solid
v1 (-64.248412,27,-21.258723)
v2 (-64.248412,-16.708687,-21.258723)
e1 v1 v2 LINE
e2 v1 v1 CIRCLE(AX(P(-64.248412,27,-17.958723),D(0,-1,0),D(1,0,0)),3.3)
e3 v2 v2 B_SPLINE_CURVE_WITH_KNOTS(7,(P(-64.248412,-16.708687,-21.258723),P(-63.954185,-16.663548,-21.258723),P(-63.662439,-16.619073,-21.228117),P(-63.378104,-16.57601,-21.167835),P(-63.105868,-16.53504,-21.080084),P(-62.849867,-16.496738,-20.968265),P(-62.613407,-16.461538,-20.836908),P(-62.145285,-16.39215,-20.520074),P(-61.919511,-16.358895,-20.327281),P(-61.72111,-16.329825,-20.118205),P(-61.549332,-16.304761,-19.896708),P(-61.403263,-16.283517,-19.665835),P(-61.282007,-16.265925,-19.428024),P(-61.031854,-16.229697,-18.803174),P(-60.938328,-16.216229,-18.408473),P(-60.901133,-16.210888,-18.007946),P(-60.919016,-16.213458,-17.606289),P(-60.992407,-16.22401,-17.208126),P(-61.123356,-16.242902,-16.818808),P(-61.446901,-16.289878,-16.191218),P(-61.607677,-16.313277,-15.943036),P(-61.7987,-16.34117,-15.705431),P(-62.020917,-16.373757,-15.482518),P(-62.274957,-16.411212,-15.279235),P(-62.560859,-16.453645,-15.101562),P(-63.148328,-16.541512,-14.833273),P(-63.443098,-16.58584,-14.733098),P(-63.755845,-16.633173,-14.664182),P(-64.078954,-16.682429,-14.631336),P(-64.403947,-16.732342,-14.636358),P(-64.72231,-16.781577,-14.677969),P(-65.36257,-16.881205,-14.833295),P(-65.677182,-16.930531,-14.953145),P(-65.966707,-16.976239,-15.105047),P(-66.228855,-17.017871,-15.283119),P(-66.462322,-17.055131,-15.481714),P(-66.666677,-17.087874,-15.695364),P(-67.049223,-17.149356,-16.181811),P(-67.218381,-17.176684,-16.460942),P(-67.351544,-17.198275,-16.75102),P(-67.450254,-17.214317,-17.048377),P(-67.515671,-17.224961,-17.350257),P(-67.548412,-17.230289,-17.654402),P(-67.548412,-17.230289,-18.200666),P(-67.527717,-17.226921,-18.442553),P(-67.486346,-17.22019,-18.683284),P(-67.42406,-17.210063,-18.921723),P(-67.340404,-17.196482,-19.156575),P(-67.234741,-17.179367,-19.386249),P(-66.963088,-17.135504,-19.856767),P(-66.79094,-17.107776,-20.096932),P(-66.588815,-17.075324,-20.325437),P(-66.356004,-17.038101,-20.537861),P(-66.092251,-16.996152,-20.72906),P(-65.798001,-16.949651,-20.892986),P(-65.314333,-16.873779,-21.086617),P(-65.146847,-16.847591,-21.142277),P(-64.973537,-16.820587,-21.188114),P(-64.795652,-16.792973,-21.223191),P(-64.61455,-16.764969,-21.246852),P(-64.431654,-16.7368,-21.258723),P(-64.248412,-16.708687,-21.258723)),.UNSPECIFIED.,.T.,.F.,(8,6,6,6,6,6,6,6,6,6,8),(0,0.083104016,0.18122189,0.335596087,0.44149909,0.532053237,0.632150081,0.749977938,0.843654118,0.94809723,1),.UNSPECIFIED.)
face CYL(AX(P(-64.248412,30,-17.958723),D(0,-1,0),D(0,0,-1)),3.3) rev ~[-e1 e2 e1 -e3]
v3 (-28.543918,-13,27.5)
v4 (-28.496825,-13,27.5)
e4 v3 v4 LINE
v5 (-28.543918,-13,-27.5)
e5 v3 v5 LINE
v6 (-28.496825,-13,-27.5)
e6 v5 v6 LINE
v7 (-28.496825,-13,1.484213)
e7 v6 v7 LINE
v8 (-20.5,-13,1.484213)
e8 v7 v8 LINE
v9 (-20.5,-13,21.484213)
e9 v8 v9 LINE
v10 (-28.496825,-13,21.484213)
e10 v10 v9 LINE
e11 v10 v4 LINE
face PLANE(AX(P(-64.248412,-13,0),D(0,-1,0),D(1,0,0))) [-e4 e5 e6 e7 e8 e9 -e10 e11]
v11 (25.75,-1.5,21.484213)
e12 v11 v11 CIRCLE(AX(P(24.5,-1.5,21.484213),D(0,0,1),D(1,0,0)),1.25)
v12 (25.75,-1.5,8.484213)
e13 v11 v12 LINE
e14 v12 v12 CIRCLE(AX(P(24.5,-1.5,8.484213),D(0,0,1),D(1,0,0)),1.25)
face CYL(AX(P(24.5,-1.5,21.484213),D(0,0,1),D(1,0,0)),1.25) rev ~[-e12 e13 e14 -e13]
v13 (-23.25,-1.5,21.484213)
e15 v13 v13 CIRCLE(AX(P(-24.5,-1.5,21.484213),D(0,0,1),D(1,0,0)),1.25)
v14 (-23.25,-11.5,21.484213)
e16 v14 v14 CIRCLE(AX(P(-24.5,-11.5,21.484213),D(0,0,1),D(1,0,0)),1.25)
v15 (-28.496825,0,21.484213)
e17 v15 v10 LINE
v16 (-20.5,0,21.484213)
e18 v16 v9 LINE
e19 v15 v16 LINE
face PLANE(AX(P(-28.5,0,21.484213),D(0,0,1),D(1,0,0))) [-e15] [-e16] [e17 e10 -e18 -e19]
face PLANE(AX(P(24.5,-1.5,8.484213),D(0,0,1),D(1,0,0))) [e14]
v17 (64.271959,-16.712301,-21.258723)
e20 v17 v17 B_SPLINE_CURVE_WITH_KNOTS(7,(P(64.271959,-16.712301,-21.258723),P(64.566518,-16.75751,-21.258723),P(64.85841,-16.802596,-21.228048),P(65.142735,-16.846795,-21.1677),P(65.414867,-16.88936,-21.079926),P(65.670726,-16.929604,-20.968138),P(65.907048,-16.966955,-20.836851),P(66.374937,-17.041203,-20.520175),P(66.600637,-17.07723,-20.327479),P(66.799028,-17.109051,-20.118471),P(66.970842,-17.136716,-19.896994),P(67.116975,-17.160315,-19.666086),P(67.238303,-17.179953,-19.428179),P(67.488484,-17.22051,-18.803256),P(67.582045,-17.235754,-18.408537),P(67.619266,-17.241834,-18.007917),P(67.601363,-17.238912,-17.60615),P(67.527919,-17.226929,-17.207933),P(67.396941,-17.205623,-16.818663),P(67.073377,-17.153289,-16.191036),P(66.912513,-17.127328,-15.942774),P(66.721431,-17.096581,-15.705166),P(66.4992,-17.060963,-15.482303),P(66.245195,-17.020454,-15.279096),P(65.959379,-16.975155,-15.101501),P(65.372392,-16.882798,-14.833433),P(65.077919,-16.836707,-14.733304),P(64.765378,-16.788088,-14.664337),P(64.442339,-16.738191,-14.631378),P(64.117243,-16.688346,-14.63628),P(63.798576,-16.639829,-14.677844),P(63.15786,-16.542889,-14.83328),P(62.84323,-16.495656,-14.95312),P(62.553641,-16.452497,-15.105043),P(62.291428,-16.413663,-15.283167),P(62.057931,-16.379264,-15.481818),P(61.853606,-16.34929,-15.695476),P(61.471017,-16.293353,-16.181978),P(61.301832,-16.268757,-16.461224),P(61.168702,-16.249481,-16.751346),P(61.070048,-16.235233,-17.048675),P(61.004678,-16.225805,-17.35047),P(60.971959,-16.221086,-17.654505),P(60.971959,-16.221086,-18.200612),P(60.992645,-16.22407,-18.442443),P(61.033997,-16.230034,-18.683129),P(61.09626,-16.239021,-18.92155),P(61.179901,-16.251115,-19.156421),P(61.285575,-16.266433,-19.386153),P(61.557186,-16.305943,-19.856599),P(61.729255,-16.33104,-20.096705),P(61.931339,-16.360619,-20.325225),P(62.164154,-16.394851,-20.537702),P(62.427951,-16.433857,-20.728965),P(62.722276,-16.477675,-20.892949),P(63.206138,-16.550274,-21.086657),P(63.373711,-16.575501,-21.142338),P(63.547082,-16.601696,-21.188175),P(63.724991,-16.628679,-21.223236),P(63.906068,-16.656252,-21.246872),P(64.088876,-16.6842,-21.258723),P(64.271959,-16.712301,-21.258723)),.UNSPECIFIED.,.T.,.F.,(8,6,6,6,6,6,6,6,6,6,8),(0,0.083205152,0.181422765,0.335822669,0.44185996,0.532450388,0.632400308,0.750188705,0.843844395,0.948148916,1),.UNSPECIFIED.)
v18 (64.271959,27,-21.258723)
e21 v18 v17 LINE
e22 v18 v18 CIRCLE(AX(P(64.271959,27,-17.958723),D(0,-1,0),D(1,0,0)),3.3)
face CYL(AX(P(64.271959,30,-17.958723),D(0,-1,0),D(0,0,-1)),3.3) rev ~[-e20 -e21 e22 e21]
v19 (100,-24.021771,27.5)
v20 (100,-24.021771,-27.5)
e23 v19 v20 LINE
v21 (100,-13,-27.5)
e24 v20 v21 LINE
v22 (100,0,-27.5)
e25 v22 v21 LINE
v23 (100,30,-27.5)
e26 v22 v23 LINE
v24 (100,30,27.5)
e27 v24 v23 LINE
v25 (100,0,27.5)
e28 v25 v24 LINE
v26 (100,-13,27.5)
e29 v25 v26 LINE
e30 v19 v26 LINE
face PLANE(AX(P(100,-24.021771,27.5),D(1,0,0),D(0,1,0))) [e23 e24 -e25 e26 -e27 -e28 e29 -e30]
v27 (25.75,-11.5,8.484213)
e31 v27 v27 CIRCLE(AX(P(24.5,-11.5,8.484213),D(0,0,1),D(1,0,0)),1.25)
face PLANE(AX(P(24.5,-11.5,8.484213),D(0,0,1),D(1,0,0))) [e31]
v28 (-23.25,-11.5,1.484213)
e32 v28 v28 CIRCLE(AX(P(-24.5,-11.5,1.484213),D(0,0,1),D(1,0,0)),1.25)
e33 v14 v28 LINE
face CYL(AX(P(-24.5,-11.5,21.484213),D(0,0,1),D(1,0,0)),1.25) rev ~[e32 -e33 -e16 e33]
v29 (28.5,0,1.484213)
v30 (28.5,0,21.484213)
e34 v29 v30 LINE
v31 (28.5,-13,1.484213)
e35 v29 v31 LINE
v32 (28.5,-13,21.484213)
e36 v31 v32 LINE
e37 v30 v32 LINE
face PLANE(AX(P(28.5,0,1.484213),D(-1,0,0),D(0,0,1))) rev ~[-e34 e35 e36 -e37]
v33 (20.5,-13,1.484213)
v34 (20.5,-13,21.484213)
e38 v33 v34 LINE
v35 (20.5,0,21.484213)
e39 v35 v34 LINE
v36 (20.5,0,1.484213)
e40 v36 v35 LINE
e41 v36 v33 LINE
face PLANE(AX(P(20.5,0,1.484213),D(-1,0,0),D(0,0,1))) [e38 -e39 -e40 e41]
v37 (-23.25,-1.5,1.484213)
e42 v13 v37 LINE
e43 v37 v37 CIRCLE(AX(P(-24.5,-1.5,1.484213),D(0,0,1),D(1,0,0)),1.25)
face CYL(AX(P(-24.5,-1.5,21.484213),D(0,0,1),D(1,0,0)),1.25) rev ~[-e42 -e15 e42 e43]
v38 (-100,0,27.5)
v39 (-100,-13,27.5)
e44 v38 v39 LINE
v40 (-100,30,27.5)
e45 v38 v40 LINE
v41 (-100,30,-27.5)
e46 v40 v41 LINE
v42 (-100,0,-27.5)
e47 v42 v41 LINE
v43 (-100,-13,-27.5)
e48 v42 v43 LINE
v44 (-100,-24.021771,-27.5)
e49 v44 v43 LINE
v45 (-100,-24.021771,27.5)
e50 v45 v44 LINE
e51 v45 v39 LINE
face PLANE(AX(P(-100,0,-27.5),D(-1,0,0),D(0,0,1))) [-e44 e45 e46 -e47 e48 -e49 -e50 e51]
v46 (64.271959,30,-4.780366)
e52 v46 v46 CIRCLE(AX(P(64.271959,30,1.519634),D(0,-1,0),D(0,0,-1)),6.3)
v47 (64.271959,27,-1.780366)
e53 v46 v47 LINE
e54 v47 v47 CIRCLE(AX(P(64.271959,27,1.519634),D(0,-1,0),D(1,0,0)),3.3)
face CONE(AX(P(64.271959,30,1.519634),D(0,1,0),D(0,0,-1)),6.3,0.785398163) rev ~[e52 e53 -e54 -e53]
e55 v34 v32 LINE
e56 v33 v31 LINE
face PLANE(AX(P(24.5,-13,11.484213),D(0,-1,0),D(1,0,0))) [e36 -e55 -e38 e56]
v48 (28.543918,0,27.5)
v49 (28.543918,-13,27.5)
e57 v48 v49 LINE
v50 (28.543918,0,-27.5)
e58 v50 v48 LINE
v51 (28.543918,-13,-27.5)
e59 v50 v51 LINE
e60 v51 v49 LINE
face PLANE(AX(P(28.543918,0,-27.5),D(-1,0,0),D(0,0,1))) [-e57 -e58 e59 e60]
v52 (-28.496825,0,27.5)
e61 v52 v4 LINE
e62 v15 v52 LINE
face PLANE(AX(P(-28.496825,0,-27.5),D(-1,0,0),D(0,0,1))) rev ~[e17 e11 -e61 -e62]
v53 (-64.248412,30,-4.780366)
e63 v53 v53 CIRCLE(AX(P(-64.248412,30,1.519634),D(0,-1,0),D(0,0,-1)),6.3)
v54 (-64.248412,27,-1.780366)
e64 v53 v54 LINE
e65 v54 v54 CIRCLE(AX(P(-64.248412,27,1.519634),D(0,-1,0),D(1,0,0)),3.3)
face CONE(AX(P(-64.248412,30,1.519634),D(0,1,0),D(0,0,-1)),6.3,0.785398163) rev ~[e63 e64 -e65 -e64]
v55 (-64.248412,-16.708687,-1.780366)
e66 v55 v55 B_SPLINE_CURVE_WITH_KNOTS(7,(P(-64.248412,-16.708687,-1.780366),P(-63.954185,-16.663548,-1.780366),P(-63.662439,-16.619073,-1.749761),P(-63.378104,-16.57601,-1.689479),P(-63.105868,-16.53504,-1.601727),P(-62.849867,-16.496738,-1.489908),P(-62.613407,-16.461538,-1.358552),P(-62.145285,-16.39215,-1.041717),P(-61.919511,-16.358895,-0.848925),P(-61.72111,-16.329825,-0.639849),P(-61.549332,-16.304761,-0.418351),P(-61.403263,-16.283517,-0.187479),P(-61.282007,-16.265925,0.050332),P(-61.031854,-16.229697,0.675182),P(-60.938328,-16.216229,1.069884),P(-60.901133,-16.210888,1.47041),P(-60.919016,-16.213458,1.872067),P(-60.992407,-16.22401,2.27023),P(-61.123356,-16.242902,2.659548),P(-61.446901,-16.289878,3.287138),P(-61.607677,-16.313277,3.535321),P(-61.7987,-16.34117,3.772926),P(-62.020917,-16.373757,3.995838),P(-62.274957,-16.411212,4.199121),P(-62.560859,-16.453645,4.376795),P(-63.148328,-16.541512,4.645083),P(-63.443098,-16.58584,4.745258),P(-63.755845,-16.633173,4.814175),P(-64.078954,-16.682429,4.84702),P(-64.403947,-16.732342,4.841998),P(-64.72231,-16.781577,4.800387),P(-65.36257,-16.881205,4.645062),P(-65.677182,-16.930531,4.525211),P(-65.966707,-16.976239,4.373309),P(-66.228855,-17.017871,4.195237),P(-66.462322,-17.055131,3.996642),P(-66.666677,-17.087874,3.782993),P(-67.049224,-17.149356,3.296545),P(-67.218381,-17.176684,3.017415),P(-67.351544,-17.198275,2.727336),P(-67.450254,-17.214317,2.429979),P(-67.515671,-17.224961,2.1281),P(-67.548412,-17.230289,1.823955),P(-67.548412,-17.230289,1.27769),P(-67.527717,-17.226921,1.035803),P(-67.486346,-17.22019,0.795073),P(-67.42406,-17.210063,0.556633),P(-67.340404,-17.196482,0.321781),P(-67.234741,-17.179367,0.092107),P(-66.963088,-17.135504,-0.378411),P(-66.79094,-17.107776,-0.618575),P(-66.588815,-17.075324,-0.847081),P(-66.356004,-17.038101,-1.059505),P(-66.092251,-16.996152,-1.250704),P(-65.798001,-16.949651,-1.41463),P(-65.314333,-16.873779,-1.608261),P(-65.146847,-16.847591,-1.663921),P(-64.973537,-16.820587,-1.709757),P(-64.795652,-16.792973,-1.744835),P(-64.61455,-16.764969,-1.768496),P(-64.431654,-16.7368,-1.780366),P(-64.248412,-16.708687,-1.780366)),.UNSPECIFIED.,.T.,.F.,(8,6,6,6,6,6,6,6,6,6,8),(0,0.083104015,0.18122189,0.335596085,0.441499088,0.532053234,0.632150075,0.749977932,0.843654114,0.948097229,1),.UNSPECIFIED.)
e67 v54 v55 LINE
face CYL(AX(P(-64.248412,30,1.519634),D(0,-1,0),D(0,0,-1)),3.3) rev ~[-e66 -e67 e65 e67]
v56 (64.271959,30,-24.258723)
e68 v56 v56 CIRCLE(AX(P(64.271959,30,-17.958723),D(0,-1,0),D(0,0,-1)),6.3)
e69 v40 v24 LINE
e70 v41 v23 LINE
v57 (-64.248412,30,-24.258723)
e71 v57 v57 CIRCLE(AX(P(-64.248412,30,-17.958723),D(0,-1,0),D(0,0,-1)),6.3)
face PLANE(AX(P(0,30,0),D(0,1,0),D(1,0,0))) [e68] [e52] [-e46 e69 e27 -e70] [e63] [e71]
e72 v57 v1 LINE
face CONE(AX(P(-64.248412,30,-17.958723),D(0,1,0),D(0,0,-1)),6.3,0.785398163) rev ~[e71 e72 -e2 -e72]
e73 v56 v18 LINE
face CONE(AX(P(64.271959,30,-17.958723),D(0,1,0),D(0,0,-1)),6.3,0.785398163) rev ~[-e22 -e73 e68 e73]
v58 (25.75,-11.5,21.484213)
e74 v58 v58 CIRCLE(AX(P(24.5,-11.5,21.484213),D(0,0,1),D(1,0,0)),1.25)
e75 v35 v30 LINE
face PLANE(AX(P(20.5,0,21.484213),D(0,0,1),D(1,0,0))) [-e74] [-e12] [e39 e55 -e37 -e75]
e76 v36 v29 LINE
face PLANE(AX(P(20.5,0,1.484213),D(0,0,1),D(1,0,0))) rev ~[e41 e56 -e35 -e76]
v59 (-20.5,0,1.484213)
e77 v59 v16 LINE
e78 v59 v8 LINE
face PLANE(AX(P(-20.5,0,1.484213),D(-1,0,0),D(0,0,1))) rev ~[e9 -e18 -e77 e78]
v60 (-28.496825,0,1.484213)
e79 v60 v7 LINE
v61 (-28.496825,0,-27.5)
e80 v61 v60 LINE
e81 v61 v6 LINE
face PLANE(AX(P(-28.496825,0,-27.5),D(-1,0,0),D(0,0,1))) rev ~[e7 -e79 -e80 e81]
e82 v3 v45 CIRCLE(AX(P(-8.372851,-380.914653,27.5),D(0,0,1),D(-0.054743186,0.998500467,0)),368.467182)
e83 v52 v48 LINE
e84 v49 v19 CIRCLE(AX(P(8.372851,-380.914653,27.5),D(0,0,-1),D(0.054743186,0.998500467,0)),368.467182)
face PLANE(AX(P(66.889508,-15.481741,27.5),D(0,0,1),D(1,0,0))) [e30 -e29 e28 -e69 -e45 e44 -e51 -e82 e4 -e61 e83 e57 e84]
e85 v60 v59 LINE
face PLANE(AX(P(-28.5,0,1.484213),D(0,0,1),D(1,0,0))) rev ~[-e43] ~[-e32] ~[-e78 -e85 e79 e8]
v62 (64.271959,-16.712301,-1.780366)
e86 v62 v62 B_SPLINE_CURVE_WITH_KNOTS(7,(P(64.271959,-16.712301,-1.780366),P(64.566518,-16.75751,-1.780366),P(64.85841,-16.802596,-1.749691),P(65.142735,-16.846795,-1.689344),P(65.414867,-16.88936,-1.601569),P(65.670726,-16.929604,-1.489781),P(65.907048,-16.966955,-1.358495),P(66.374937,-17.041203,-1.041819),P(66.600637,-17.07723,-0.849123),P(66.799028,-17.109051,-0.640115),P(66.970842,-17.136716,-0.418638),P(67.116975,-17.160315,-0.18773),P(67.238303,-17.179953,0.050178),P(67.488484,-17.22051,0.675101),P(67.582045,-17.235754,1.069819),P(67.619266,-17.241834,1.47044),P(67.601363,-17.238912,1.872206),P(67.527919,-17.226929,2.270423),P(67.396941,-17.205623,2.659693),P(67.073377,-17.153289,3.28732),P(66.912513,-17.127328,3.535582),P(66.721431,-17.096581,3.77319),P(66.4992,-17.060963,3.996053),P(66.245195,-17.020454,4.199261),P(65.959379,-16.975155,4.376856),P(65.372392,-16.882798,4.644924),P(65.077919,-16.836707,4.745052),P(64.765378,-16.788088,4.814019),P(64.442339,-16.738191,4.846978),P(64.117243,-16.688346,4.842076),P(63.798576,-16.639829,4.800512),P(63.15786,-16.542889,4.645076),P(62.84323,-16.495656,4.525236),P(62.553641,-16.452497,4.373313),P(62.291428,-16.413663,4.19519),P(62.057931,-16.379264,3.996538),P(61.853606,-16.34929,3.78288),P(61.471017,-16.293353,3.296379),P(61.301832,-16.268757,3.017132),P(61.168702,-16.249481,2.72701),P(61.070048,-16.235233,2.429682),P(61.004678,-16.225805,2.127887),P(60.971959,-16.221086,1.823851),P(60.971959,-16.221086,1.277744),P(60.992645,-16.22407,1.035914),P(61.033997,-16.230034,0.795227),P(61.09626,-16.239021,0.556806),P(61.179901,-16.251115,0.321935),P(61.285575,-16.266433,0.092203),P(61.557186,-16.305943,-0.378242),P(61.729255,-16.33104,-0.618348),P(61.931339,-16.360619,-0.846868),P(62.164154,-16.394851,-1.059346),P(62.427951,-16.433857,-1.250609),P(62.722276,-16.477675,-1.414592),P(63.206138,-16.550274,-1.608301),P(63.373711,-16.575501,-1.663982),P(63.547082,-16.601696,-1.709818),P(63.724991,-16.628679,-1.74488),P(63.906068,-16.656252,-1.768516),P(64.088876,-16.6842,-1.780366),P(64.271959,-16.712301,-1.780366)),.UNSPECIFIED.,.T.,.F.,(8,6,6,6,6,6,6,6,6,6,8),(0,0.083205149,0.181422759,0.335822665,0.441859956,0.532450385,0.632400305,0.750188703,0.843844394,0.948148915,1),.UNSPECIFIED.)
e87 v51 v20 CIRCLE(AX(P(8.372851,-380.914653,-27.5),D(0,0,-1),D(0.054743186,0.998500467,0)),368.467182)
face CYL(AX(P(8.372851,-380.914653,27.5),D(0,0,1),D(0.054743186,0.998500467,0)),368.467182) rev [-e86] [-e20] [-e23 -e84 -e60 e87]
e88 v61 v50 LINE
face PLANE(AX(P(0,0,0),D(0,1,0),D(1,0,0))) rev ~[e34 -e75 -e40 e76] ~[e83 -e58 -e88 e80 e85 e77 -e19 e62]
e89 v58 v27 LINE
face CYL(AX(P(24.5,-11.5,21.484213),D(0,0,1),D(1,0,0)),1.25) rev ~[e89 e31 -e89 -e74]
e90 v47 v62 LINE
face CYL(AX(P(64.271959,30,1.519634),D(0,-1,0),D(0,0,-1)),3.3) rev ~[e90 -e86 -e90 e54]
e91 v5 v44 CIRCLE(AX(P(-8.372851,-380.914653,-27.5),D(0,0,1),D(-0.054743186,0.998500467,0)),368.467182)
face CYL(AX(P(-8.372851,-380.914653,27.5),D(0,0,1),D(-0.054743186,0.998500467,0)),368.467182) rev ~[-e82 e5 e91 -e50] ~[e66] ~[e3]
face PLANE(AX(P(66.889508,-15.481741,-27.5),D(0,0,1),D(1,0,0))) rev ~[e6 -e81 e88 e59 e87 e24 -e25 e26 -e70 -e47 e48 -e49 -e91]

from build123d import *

# Parameters (mm, degrees)
SKETCH1_W                                       = 200
SKETCH1_H                                       = 55
BOSS_EXTRUDE1_DEPTH                             = 30
SKETCH2_W                                       = 8
SKETCH2_H                                       = 20
BOSS_EXTRUDE2_DEPTH                             = 13
SKETCH7_R                                       = 1.25
CUT_EXTRUDE1_DEPTH                              = 49.984212522
SKETCH11_R                                      = 1.25
CUT_EXTRUDE2_DEPTH                              = 13
SKETCH13_W                                      = 71.503175403
SKETCH13_H                                      = 55
SKETCH13_W_2                                    = 71.456081763
BOSS_EXTRUDE3_DEPTH                             = 13
BOSS_EXTRUDE4_DEPTH                             = 55
CSK_FOR_M6_FLAT_HEAD_MACHINE_SCREW2_D           = 6.6
CSK_FOR_M6_FLAT_HEAD_MACHINE_SCREW2_CSINK_D     = 12.6
CSK_FOR_M6_FLAT_HEAD_MACHINE_SCREW2_CSINK_ANGLE = 90


with BuildPart() as part:
    # Sketch1 → Boss-Extrude1 (new body)
    with BuildSketch(Plane(origin=(0, 0, 0), x_dir=(1, 0, 0), z_dir=(0, 1, 0))):
        Rectangle(SKETCH1_W, SKETCH1_H)
    extrude(amount=BOSS_EXTRUDE1_DEPTH)

    # Sketch2 → Boss-Extrude2 (add)
    with BuildSketch(Plane.XZ):
        with Locations((-24.5, 11.484212522)):
            Rectangle(SKETCH2_W, SKETCH2_H)
        with Locations((24.5, 11.484212522)):
            Rectangle(SKETCH2_W, SKETCH2_H)
    extrude(amount=BOSS_EXTRUDE2_DEPTH)

    # Sketch7 → Cut-Extrude1 (cut, through all)
    with BuildSketch(Plane.XY.offset(21.484212522)):
        with Locations((-24.5, -1.5)):
            Circle(SKETCH7_R)
        with Locations((-24.5, -11.5)):
            Circle(SKETCH7_R)
    extrude(amount=-CUT_EXTRUDE1_DEPTH, mode=Mode.SUBTRACT)

    # Sketch11 → Cut-Extrude2 (cut)
    with BuildSketch(Plane.XY.offset(21.484212522)):
        with Locations((24.5, -1.5)):
            Circle(SKETCH11_R)
        with Locations((24.5, -11.5)):
            Circle(SKETCH11_R)
    extrude(amount=-CUT_EXTRUDE2_DEPTH, mode=Mode.SUBTRACT)

    # Sketch13 → Boss-Extrude3 (add)
    with BuildSketch(Plane.XZ):
        with Locations((-64.248412298, 0)):
            Rectangle(SKETCH13_W, SKETCH13_H)
        with Locations((64.271959119, 0)):
            Rectangle(SKETCH13_W_2, SKETCH13_H)
    extrude(amount=BOSS_EXTRUDE3_DEPTH)

    # Sketch26 → Boss-Extrude4 (add, through all)
    with BuildSketch(Plane.XY.offset(27.5)):
        with BuildLine():
            Line((100, -24.02177079), (100, -13))
            Line((100, -13), (28.543918237, -13))
            ThreePointArc((28.543918237, -13), (64.542951108, -16.753996588), (100, -24.02177079))
        make_face()
        with BuildLine():
            Line((-100, -24.02177079), (-100, -13))
            Line((-100, -13), (-28.543918237, -13))
            ThreePointArc((-28.543918237, -13), (-64.542951108, -16.753996588), (-100, -24.02177079))
        make_face()
    extrude(amount=-BOSS_EXTRUDE4_DEPTH)

    # CSK for M6 Flat Head Machine Screw2 (through all)
    with Locations(Plane(origin=(-64.248412299, 30, -17.95872272), x_dir=(0, 0, 1), z_dir=(0, 1, 0))):
        with Locations((0, 0), (0, 128.520371417), (19.47835626, 0), (19.47835626, 128.520371417)):
            CounterSinkHole(CSK_FOR_M6_FLAT_HEAD_MACHINE_SCREW2_D / 2, CSK_FOR_M6_FLAT_HEAD_MACHINE_SCREW2_CSINK_D / 2, counter_sink_angle=CSK_FOR_M6_FLAT_HEAD_MACHINE_SCREW2_CSINK_ANGLE)


solid = part.part
